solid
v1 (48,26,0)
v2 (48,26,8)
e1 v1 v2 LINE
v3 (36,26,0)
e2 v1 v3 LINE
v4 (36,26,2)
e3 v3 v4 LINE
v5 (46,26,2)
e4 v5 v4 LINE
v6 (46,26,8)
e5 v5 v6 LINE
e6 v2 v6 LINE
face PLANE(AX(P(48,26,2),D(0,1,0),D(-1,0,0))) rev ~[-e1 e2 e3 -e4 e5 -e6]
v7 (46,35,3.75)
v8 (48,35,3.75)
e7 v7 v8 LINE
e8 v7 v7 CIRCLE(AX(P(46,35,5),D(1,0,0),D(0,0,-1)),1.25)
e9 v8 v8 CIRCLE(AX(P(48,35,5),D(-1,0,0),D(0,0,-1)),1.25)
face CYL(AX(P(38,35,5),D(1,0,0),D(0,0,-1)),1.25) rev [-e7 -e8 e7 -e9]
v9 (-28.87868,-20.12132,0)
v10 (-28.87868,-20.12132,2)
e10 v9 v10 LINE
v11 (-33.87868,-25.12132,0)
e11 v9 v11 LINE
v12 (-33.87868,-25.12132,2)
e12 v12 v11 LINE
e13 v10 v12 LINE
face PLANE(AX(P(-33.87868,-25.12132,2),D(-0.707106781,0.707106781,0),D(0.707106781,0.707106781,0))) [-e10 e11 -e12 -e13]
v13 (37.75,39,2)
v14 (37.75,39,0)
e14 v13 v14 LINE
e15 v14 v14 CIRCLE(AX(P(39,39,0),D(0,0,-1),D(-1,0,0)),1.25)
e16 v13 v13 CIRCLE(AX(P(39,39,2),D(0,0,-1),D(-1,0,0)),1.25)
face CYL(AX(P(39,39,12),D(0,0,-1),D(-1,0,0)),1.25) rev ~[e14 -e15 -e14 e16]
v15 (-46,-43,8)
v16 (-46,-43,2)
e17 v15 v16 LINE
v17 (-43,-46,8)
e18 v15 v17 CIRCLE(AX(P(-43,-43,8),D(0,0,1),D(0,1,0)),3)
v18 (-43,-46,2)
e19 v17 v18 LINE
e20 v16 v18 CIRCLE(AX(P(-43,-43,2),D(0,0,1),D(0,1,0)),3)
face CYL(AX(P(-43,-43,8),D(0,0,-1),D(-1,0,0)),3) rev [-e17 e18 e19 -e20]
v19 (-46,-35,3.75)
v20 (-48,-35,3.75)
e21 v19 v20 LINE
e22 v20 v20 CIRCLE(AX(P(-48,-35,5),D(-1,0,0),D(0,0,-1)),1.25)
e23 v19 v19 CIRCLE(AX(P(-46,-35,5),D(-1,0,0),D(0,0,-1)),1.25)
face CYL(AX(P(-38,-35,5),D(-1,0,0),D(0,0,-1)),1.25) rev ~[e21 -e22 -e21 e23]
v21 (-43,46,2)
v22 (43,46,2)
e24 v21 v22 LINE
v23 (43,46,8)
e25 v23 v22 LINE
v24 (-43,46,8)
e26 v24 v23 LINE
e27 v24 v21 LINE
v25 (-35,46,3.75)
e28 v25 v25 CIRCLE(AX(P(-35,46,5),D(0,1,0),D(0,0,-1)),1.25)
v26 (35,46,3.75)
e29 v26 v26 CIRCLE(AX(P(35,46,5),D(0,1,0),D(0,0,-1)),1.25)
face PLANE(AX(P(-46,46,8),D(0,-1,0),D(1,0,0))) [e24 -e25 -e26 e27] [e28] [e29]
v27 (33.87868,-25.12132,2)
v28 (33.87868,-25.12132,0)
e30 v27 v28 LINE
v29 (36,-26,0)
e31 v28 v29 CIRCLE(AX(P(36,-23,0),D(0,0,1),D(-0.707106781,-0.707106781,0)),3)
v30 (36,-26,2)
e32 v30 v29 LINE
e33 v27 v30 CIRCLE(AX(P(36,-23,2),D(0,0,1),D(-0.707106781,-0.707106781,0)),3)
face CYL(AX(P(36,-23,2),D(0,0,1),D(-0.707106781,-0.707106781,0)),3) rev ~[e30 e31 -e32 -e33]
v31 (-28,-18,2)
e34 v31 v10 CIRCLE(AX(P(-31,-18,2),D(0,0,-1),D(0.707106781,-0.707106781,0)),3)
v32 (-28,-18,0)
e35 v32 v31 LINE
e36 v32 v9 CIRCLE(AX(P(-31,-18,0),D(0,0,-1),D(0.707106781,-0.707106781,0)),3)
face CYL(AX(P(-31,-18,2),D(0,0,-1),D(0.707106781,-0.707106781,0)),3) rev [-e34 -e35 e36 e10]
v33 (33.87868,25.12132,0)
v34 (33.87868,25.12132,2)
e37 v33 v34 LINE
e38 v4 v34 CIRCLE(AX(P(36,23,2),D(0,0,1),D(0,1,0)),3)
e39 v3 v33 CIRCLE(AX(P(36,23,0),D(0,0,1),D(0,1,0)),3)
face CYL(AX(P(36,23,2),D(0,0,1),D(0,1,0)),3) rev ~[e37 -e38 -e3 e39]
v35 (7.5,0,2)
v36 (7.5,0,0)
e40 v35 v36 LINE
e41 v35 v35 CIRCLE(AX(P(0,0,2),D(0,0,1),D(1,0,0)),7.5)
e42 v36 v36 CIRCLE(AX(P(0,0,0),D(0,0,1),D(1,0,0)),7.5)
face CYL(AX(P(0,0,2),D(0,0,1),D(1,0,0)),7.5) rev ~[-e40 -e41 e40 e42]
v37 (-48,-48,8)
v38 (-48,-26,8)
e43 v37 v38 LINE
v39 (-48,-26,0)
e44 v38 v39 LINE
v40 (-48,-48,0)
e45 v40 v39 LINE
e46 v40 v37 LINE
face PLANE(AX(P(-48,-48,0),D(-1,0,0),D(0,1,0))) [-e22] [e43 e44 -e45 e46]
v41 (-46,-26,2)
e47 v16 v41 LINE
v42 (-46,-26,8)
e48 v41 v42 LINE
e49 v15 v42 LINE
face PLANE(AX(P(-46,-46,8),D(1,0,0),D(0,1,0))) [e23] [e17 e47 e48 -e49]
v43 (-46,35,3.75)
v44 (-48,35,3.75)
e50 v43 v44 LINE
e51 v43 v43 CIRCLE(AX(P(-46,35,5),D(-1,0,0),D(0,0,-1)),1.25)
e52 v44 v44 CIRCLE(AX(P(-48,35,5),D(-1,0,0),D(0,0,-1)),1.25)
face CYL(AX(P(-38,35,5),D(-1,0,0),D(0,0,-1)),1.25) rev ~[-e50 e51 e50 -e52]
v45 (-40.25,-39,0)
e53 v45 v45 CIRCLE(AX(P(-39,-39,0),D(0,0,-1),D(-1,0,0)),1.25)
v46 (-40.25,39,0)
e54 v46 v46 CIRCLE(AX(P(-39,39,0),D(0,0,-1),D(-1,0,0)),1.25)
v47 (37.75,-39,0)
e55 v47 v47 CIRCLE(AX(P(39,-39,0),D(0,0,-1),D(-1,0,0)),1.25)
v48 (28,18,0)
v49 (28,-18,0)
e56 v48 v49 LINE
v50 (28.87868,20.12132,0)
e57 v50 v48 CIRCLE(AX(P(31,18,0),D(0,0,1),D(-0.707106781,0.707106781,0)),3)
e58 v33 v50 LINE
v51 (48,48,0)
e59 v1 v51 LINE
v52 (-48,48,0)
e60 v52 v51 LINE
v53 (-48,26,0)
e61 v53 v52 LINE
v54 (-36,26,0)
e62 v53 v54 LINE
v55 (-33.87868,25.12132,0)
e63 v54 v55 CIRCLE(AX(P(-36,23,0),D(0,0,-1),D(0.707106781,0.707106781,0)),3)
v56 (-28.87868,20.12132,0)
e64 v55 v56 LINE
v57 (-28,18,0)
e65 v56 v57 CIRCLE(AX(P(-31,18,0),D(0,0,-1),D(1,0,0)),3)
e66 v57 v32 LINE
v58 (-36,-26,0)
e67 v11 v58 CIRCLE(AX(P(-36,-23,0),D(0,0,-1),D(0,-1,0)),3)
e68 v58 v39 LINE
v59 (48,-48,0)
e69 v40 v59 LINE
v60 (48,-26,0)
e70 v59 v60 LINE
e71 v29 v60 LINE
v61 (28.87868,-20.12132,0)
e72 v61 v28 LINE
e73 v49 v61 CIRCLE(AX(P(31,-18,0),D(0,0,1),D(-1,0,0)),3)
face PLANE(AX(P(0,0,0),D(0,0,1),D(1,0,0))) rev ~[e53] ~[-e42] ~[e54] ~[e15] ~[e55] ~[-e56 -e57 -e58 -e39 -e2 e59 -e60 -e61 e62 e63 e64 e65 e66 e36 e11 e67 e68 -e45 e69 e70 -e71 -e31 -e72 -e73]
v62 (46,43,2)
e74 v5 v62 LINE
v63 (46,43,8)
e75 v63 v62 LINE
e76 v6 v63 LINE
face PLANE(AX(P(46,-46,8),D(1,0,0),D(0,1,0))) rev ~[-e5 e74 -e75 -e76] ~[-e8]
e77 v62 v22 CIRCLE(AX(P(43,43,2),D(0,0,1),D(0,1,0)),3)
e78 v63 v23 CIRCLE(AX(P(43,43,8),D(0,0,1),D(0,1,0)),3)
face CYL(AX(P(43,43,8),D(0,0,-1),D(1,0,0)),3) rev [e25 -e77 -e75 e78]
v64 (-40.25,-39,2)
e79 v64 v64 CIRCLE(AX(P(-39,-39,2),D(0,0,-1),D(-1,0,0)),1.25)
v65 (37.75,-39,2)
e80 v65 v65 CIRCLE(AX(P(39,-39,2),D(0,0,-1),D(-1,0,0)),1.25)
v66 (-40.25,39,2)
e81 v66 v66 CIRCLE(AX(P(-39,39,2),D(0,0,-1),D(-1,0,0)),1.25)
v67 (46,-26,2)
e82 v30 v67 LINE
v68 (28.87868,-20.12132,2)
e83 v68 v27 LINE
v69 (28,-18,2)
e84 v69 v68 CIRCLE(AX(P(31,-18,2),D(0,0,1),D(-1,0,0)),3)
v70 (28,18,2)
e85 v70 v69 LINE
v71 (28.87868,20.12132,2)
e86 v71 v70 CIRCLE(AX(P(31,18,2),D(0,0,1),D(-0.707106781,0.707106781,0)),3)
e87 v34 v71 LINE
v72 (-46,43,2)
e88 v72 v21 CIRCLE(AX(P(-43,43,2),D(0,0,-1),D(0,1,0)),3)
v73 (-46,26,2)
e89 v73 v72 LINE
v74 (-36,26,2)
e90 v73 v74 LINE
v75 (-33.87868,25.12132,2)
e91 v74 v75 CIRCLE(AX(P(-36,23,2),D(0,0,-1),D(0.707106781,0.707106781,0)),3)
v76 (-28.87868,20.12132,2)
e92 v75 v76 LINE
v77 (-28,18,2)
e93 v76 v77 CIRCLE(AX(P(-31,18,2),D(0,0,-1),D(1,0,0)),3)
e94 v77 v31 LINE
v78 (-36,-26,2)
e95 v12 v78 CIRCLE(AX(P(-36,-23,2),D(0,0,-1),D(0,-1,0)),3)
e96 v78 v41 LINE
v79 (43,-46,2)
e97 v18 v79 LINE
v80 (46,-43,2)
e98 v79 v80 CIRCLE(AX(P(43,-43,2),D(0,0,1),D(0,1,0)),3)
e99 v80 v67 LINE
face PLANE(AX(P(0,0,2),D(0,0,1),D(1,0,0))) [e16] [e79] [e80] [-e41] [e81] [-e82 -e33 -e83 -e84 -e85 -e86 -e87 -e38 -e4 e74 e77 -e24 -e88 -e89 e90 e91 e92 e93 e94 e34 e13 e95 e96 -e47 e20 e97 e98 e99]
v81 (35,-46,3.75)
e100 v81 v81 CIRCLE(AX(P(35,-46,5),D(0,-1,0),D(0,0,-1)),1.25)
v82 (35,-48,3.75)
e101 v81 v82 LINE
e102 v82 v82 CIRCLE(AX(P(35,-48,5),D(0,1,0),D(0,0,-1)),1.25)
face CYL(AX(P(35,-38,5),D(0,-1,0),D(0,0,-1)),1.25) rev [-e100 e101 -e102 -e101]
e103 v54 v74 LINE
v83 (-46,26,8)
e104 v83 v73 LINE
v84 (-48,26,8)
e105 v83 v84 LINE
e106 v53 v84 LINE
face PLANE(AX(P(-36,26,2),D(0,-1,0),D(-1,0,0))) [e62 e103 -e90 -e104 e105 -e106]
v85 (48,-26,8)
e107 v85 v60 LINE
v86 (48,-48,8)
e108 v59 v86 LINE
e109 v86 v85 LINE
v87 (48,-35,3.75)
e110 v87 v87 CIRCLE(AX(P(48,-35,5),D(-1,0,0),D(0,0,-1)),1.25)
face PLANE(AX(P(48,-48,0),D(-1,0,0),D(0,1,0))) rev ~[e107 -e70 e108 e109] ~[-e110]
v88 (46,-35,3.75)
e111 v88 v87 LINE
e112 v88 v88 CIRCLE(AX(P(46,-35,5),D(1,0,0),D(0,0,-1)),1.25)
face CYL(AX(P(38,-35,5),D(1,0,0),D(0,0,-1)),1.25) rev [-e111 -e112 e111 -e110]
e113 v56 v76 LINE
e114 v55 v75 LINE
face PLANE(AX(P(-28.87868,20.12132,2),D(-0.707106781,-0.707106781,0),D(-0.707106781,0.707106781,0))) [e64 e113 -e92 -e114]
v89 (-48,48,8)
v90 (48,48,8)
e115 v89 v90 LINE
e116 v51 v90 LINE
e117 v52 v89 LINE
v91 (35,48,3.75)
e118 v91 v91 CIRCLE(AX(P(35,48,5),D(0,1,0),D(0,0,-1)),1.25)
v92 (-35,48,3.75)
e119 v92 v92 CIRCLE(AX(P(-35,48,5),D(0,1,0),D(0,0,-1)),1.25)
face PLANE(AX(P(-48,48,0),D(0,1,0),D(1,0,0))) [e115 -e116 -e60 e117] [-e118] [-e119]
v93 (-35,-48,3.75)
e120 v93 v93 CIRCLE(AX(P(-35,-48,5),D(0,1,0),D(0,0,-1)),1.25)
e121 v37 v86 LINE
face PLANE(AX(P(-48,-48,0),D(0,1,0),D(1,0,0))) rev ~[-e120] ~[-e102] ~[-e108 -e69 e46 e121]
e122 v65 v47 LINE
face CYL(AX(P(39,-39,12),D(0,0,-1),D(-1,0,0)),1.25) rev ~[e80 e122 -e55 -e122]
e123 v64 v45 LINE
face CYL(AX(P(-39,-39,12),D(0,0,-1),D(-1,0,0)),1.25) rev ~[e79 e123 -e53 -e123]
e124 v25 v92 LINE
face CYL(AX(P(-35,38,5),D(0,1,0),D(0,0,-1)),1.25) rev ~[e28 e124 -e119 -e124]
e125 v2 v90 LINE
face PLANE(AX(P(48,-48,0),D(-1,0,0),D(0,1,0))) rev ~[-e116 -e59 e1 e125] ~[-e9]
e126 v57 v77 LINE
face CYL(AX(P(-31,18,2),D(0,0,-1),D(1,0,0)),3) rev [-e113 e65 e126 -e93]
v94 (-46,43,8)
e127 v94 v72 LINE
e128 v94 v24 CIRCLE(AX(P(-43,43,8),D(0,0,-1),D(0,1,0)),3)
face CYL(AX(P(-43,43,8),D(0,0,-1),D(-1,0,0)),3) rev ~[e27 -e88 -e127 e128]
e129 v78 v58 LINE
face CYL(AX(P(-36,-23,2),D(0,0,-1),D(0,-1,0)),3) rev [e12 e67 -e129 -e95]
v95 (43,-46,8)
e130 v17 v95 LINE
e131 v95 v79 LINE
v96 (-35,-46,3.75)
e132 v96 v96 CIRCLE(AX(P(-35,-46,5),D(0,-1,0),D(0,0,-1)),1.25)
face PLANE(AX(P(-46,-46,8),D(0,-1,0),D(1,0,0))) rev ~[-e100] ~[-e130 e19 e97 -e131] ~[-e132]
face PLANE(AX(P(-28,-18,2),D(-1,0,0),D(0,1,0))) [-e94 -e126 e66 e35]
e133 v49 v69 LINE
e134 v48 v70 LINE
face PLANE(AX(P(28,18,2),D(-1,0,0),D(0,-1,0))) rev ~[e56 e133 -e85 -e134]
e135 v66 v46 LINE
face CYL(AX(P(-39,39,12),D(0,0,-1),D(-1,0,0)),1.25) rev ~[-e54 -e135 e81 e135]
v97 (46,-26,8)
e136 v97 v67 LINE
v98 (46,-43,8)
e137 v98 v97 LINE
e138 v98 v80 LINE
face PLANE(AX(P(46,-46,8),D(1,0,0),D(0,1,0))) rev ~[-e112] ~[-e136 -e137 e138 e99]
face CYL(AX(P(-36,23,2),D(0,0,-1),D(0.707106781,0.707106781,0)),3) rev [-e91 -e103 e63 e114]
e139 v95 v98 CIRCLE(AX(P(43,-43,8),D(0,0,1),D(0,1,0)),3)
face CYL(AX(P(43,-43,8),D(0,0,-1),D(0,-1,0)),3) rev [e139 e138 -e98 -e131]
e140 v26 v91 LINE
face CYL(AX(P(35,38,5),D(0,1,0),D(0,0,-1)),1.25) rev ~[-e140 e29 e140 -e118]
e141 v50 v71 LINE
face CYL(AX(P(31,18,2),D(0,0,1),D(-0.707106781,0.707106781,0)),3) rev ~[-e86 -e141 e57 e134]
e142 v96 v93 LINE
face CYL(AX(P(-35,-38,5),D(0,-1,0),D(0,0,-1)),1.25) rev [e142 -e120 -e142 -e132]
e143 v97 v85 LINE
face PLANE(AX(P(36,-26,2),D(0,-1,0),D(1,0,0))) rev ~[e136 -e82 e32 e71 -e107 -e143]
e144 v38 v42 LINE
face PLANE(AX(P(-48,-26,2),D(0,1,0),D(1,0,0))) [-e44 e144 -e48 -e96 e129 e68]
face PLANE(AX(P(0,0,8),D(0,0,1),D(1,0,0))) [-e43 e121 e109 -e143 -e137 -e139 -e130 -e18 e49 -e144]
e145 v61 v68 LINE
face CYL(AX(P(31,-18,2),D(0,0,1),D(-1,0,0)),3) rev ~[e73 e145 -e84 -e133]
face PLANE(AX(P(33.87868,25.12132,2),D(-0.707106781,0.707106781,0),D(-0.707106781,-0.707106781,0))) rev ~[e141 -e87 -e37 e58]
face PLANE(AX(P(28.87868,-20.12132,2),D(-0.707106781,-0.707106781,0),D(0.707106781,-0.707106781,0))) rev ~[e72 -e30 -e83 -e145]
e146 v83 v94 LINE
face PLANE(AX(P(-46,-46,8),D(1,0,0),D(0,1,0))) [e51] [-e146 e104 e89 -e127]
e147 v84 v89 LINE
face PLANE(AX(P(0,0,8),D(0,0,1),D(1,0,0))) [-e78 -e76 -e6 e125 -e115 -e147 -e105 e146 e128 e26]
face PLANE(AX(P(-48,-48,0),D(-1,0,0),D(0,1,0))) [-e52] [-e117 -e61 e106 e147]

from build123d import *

# Parameters (mm, degrees)
SKETCH1_W                      = 96
SKETCH1_H                      = 96
BOSS_EXTRUDE1_DEPTH            = 8
SKETCH2_W                      = 92
SKETCH2_H                      = 92
COMPONENT_PLATFORM_DEPTH       = 6
CABLE_SLOTS_DEPTH              = 6
SKETCH4_R                      = 7.5
CENTER_MASS_CUT_DEPTH          = 6
INNER_CORNER_FILLETS_R         = 3
M3X0_5_TAPPED_HOLE1_AT_2_COUNT = 2
M3X0_5_TAPPED_HOLE1_AT_2_PITCH = 70
M3X0_5_TAPPED_HOLE2_AT_2_COUNT = 2
M3X0_5_TAPPED_HOLE2_AT_2_PITCH = 70
M3X0_5_TAPPED_HOLE3_D          = 2.5
M3X0_5_TAPPED_HOLE3_DEPTH      = 10
M3X0_5_TAPPED_HOLE3_TIP        = 0.751075774


with BuildPart() as part:
    # Sketch1 → Boss-Extrude1 (new body)
    with BuildSketch(Plane.XY):
        Rectangle(SKETCH1_W, SKETCH1_H)
    extrude(amount=BOSS_EXTRUDE1_DEPTH)

    # Sketch2 → Component Platform (cut)
    with BuildSketch(Plane.XY.offset(8)):
        Rectangle(SKETCH2_W, SKETCH2_H)
    extrude(amount=-COMPONENT_PLATFORM_DEPTH, mode=Mode.SUBTRACT)

    # Sketch3 → Cable Slots (cut, symmetric)
    with BuildSketch(Plane.XY.offset(2)):
        with BuildLine():
            Line((-33.878679656, -25.121320344), (-28.878679656, -20.121320344))
            ThreePointArc((-28.878679656, -20.121320344), (-28.228361402, -19.148050297), (-28, -18))
            Line((-28, -18), (-28, 18))
            ThreePointArc((-28, 18), (-28.228361402, 19.148050297), (-28.878679656, 20.121320344))
            Line((-28.878679656, 20.121320344), (-33.878679656, 25.121320344))
            ThreePointArc((-33.878679656, 25.121320344), (-34.851949703, 25.771638598), (-36, 26))
            Line((-36, 26), (-48, 26))
            Line((-48, 26), (-48, -26))
            Line((-48, -26), (-36, -26))
            ThreePointArc((-36, -26), (-34.851949703, -25.771638598), (-33.878679656, -25.121320344))
        make_face()
        with BuildLine():
            Line((48, -26), (48, 26))
            Line((48, 26), (36, 26))
            ThreePointArc((36, 26), (34.851949703, 25.771638598), (33.878679656, 25.121320344))
            Line((33.878679656, 25.121320344), (28.878679656, 20.121320344))
            ThreePointArc((28.878679656, 20.121320344), (28.228361402, 19.148050297), (28, 18))
            Line((28, 18), (28, -18))
            ThreePointArc((28, -18), (28.228361402, -19.148050297), (28.878679656, -20.121320344))
            Line((28.878679656, -20.121320344), (33.878679656, -25.121320344))
            ThreePointArc((33.878679656, -25.121320344), (34.851949703, -25.771638598), (36, -26))
            Line((36, -26), (48, -26))
        make_face()
    extrude(amount=CABLE_SLOTS_DEPTH, both=True, mode=Mode.SUBTRACT)

    # Sketch4 → Center Mass Cut (cut)
    with BuildSketch(Plane.XY.offset(2)):
        Circle(SKETCH4_R)
    extrude(amount=-CENTER_MASS_CUT_DEPTH, mode=Mode.SUBTRACT)

    # Inner Corner Fillets
    inner_corner_fillets_edges = [part.edges().sort_by_distance(p)[0] for p in [
        (-46, -46, 5),
        (-46, 46, 5),
        (46, 46, 5),
        (46, -46, 5),
    ]]
    fillet(inner_corner_fillets_edges, radius=INNER_CORNER_FILLETS_R)

    # Sketch11 → M3x0.5 Tapped Hole1 (revolve, cut)
    with BuildSketch(Plane(origin=(-35, -48, 5), x_dir=(0, 0, -1), z_dir=(1, 0, 0))):
        Polygon((0, 0), (0, 10.751075774), (1.25, 10), (1.25, 0), align=None)
    m3x0_5_tapped_hole1 = revolve(axis=Axis((-35, -54.35, 5), (0, 1, 0)), mode=Mode.SUBTRACT)

    # M3x0.5 Tapped Hole1 at 2: M3x0.5 Tapped Hole1 ×2
    with Locations(*[(i * M3X0_5_TAPPED_HOLE1_AT_2_PITCH, 0, 0) for i in range(1, M3X0_5_TAPPED_HOLE1_AT_2_COUNT)]):
        add(m3x0_5_tapped_hole1, mode=Mode.SUBTRACT)

    # Sketch13 → M3x0.5 Tapped Hole2 (revolve, cut)
    with BuildSketch(Plane(origin=(48, -35, 5), x_dir=(0, 0, -1), z_dir=(0, 1, 0))):
        Polygon((0, 0), (0, 10.751075774), (1.25, 10), (1.25, 0), align=None)
    m3x0_5_tapped_hole2 = revolve(axis=Axis((54.35, -35, 5), (-1, 0, 0)), mode=Mode.SUBTRACT)

    # M3x0.5 Tapped Hole2 at 2: M3x0.5 Tapped Hole2 ×2
    with Locations(*[(0, i * M3X0_5_TAPPED_HOLE2_AT_2_PITCH, 0) for i in range(1, M3X0_5_TAPPED_HOLE2_AT_2_COUNT)]):
        add(m3x0_5_tapped_hole2, mode=Mode.SUBTRACT)

    # Mirror1: M3x0.5 Tapped Hole1 across plane
    add(m3x0_5_tapped_hole1.mirror(Plane(origin=(0, 0, 0), x_dir=(0, 0, 1), z_dir=(0, -1, 0))), mode=Mode.SUBTRACT)

    # Mirror1 copy 1 sketch → Mirror1 copy 1 (revolve, cut)
    with BuildSketch(Plane(origin=(35, 48, 5), x_dir=(0, 0, -1), z_dir=(1, 0, 0))):
        Polygon((0, 0), (0, -10.751075774), (1.25, -10), (1.25, 0), align=None)
    revolve(axis=Axis((35, 54.35, 5), (0, 1, 0)), mode=Mode.SUBTRACT)

    # Mirror2: M3x0.5 Tapped Hole2 across plane
    add(m3x0_5_tapped_hole2.mirror(Plane(origin=(0, 0, 0), x_dir=(0, 0, 1), z_dir=(1, 0, 0))), mode=Mode.SUBTRACT)

    # Mirror2 copy 1 sketch → Mirror2 copy 1 (revolve, cut)
    with BuildSketch(Plane(origin=(-48, 35, 5), x_dir=(0, 0, -1), z_dir=(0, 1, 0))):
        Polygon((0, 0), (0, -10.751075774), (1.25, -10), (1.25, 0), align=None)
    revolve(axis=Axis((-54.35, 35, 5), (-1, 0, 0)), mode=Mode.SUBTRACT)

    # M3x0.5 Tapped Hole3
    with Locations(Plane.XY.offset(2)):
        with Locations((-39, -39), (39, -39), (39, 39), (-39, 39)):
            Hole(M3X0_5_TAPPED_HOLE3_D / 2, depth=M3X0_5_TAPPED_HOLE3_DEPTH)
            with Locations((0, 0, -(M3X0_5_TAPPED_HOLE3_DEPTH + M3X0_5_TAPPED_HOLE3_TIP / 2))):  # 118° drill point
                Cone(0, M3X0_5_TAPPED_HOLE3_D / 2, M3X0_5_TAPPED_HOLE3_TIP, mode=Mode.SUBTRACT)


solid = part.part
